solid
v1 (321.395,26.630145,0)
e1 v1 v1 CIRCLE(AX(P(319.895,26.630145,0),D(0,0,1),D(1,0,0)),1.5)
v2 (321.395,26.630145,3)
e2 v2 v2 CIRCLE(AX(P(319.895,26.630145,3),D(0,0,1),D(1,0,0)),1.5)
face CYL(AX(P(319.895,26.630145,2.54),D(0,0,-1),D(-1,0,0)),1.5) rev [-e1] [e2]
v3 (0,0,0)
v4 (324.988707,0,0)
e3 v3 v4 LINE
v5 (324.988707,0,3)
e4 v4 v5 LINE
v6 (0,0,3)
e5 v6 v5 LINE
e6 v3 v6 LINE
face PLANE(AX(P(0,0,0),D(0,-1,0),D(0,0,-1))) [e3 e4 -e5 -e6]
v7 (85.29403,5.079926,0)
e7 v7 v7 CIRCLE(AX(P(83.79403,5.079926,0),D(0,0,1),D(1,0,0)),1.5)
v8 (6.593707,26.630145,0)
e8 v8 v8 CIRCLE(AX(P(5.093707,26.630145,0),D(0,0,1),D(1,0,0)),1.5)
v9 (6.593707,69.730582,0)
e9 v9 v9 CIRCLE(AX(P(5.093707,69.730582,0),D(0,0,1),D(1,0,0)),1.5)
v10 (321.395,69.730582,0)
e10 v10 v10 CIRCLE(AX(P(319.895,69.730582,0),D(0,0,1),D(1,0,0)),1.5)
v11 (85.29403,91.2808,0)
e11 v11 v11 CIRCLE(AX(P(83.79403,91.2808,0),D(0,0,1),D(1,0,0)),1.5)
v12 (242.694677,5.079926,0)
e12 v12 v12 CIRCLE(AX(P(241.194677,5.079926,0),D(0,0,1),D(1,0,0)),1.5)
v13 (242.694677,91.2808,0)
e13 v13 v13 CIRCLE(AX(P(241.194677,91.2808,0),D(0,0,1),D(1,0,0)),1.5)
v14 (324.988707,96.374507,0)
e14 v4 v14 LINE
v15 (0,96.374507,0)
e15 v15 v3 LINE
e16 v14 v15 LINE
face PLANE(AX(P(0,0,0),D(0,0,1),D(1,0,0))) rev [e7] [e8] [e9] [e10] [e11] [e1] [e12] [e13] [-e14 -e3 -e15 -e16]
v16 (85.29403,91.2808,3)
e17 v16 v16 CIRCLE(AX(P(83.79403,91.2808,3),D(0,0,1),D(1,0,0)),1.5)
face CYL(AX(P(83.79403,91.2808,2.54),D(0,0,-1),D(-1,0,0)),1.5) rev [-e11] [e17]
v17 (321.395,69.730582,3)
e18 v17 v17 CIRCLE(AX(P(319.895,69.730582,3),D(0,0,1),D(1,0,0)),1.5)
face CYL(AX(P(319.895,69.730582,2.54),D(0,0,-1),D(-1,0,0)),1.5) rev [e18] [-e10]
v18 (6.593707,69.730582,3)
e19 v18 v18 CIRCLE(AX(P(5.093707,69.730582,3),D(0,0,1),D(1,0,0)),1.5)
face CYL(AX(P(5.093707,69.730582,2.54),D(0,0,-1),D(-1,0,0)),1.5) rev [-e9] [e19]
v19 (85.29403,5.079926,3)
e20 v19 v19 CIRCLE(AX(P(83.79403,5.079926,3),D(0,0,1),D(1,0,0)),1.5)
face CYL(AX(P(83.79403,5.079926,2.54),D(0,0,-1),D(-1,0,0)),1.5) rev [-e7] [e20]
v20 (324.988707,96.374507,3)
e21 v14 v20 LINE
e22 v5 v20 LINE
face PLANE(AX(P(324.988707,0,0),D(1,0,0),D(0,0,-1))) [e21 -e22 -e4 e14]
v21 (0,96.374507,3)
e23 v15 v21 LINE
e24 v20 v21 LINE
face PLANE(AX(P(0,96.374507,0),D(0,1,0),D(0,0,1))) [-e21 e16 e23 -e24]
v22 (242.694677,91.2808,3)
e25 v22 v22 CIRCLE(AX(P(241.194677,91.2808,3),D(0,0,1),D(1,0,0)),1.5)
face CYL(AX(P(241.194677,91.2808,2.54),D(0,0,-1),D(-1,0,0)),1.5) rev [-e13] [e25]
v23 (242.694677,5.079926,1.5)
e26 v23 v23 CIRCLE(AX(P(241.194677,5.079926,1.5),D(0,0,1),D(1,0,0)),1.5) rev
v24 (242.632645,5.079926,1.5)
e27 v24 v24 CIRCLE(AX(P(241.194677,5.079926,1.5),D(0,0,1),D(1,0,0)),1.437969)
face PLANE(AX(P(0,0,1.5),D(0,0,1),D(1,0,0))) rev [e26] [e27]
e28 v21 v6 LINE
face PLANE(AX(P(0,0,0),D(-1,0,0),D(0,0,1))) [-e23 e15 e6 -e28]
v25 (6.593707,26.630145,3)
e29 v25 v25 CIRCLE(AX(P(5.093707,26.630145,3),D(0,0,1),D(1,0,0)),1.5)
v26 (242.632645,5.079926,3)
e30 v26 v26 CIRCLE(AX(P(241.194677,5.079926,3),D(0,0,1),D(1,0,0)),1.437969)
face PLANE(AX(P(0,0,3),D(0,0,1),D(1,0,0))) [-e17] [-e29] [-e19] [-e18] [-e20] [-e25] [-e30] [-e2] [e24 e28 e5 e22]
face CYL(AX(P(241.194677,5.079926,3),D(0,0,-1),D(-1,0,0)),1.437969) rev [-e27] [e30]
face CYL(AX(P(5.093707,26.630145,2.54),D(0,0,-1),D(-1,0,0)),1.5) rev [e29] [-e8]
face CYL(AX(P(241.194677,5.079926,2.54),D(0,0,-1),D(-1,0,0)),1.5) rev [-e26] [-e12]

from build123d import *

# Parameters (mm, degrees)
MODEL_W             = 304.8012934
MODEL_H             = 76.2008736
MODEL_W_2           = 13.9995
MODEL_H_2           = 13.9995
MODEL_W_3           = 13.9994
MODEL_W_4           = 13.9992
MODEL_W_5           = 3.302
MODEL_H_3           = 14.2007
MODEL_W_6           = 13.999
MODEL_W_7           = 3.3
MODEL_W_8           = 3.3004
MODEL_H_4           = 14.2005
MODEL_W_9           = 14.0008
MODEL_W_10          = 3.2992
MODEL_W_11          = 13.9991
MODEL_W_12          = 14.001
MODEL_H_5           = 13.9996
BOSS_EXTRUDE2_DEPTH = 1.5
SKETCH3_W           = 324.9887066
SKETCH3_H           = 96.3745066
SKETCH3_W_2         = 304.8012934
SKETCH3_H_2         = 76.2008736
BOSS_EXTRUDE4_DEPTH = 1.5
SKETCH4_R           = 1.5
CUT_EXTRUDE2_DEPTH  = 2.54
BOSS_EXTRUDE5_DEPTH = 1.5
SKETCH6_W           = 324.9887066
SKETCH6_H           = 96.3745066
SKETCH6_R           = 1.5
SKETCH6_R_2         = 1.437968672
BOSS_EXTRUDE6_DEPTH = 1.5


with BuildPart() as part:
    # Model → Boss-Extrude2 (new body)
    with BuildSketch(Plane.XY):
        with Locations((162.4943533, 48.1803632)):
            Rectangle(MODEL_W, MODEL_H)
        with Locations((19.61845, 19.60605)):
            Rectangle(MODEL_W_2, MODEL_H_2, mode=Mode.SUBTRACT)
        with Locations((38.6684, 19.60605)):
            Rectangle(MODEL_W_3, MODEL_H_2, mode=Mode.SUBTRACT)
        with Locations((57.7185, 19.60605)):
            Rectangle(MODEL_W_4, MODEL_H_2, mode=Mode.SUBTRACT)
        with Locations((76.7685, 19.60605)):
            Rectangle(MODEL_W_4, MODEL_H_2, mode=Mode.SUBTRACT)
        with Locations((131.543, 18.95565)):
            Rectangle(MODEL_W_5, MODEL_H_3, mode=Mode.SUBTRACT)
        with Locations((143.4435, 19.60605)):
            Rectangle(MODEL_W_6, MODEL_H_2, mode=Mode.SUBTRACT)
        with Locations((155.344, 18.95565)):
            Rectangle(MODEL_W_7, MODEL_H_3, mode=Mode.SUBTRACT)
        with Locations((17.2427, 38.00555)):
            Rectangle(MODEL_W_8, MODEL_H_4, mode=Mode.SUBTRACT)
        with Locations((29.1427, 38.65605)):
            Rectangle(MODEL_W_9, MODEL_H_2, mode=Mode.SUBTRACT)
        with Locations((41.0436, 38.00555)):
            Rectangle(MODEL_W_10, MODEL_H_4, mode=Mode.SUBTRACT)
        with Locations((57.7185, 38.65605)):
            Rectangle(MODEL_W_4, MODEL_H_2, mode=Mode.SUBTRACT)
        with Locations((76.7685, 38.65605)):
            Rectangle(MODEL_W_4, MODEL_H_2, mode=Mode.SUBTRACT)
        with Locations((95.81845, 38.65605)):
            Rectangle(MODEL_W_11, MODEL_H_2, mode=Mode.SUBTRACT)
        with Locations((114.8675, 38.65605)):
            Rectangle(MODEL_W_12, MODEL_H_2, mode=Mode.SUBTRACT)
        with Locations((133.9185, 38.65605)):
            Rectangle(MODEL_W_6, MODEL_H_2, mode=Mode.SUBTRACT)
        with Locations((152.9685, 38.65605)):
            Rectangle(MODEL_W_6, MODEL_H_2, mode=Mode.SUBTRACT)
        with Locations((169.643, 18.95565)):
            Rectangle(MODEL_W_5, MODEL_H_3, mode=Mode.SUBTRACT)
        with Locations((181.5435, 19.60605)):
            Rectangle(MODEL_W_6, MODEL_H_2, mode=Mode.SUBTRACT)
        with Locations((193.444, 18.95565)):
            Rectangle(MODEL_W_7, MODEL_H_3, mode=Mode.SUBTRACT)
        with Locations((248.2185, 19.60605)):
            Rectangle(MODEL_W_6, MODEL_H_2, mode=Mode.SUBTRACT)
        with Locations((267.2685, 19.60605)):
            Rectangle(MODEL_W_6, MODEL_H_2, mode=Mode.SUBTRACT)
        with Locations((286.3185, 19.60605)):
            Rectangle(MODEL_W_6, MODEL_H_2, mode=Mode.SUBTRACT)
        with Locations((305.3685, 19.60605)):
            Rectangle(MODEL_W_6, MODEL_H_2, mode=Mode.SUBTRACT)
        with Locations((172.0185, 38.65605)):
            Rectangle(MODEL_W_6, MODEL_H_2, mode=Mode.SUBTRACT)
        with Locations((191.0685, 38.65605)):
            Rectangle(MODEL_W_6, MODEL_H_2, mode=Mode.SUBTRACT)
        with Locations((210.1185, 38.65605)):
            Rectangle(MODEL_W_6, MODEL_H_2, mode=Mode.SUBTRACT)
        with Locations((229.1685, 38.65605)):
            Rectangle(MODEL_W_6, MODEL_H_2, mode=Mode.SUBTRACT)
        with Locations((248.2185, 38.65605)):
            Rectangle(MODEL_W_6, MODEL_H_2, mode=Mode.SUBTRACT)
        with Locations((267.2685, 38.65605)):
            Rectangle(MODEL_W_6, MODEL_H_2, mode=Mode.SUBTRACT)
        with Locations((283.944, 38.00555)):
            Rectangle(MODEL_W_7, MODEL_H_4, mode=Mode.SUBTRACT)
        with Locations((295.8435, 38.65605)):
            Rectangle(MODEL_W_6, MODEL_H_2, mode=Mode.SUBTRACT)
        with Locations((307.744, 38.00555)):
            Rectangle(MODEL_W_7, MODEL_H_4, mode=Mode.SUBTRACT)
        with Locations((19.61845, 57.706)):
            Rectangle(MODEL_W_2, MODEL_H_5, mode=Mode.SUBTRACT)
        with Locations((38.6684, 57.706)):
            Rectangle(MODEL_W_3, MODEL_H_5, mode=Mode.SUBTRACT)
        with Locations((57.7185, 57.706)):
            Rectangle(MODEL_W_4, MODEL_H_5, mode=Mode.SUBTRACT)
        with Locations((76.7685, 57.706)):
            Rectangle(MODEL_W_4, MODEL_H_5, mode=Mode.SUBTRACT)
        with Locations((95.81845, 57.706)):
            Rectangle(MODEL_W_11, MODEL_H_5, mode=Mode.SUBTRACT)
        with Locations((114.8675, 57.706)):
            Rectangle(MODEL_W_12, MODEL_H_5, mode=Mode.SUBTRACT)
        with Locations((133.9185, 57.706)):
            Rectangle(MODEL_W_6, MODEL_H_5, mode=Mode.SUBTRACT)
        with Locations((152.9685, 57.706)):
            Rectangle(MODEL_W_6, MODEL_H_5, mode=Mode.SUBTRACT)
        with Locations((17.2427, 76.10545)):
            Rectangle(MODEL_W_8, MODEL_H_3, mode=Mode.SUBTRACT)
        with Locations((29.1427, 76.756)):
            Rectangle(MODEL_W_9, MODEL_H_5, mode=Mode.SUBTRACT)
        with Locations((41.0436, 76.10545)):
            Rectangle(MODEL_W_10, MODEL_H_3, mode=Mode.SUBTRACT)
        with Locations((57.7185, 76.756)):
            Rectangle(MODEL_W_4, MODEL_H_5, mode=Mode.SUBTRACT)
        with Locations((76.7685, 76.756)):
            Rectangle(MODEL_W_4, MODEL_H_5, mode=Mode.SUBTRACT)
        with Locations((95.81845, 76.756)):
            Rectangle(MODEL_W_11, MODEL_H_5, mode=Mode.SUBTRACT)
        with Locations((114.8675, 76.756)):
            Rectangle(MODEL_W_12, MODEL_H_5, mode=Mode.SUBTRACT)
        with Locations((133.9185, 76.756)):
            Rectangle(MODEL_W_6, MODEL_H_5, mode=Mode.SUBTRACT)
        with Locations((152.9685, 76.756)):
            Rectangle(MODEL_W_6, MODEL_H_5, mode=Mode.SUBTRACT)
        with Locations((172.0185, 57.706)):
            Rectangle(MODEL_W_6, MODEL_H_5, mode=Mode.SUBTRACT)
        with Locations((191.0685, 57.706)):
            Rectangle(MODEL_W_6, MODEL_H_5, mode=Mode.SUBTRACT)
        with Locations((210.1185, 57.706)):
            Rectangle(MODEL_W_6, MODEL_H_5, mode=Mode.SUBTRACT)
        with Locations((229.1685, 57.706)):
            Rectangle(MODEL_W_6, MODEL_H_5, mode=Mode.SUBTRACT)
        with Locations((248.2185, 57.706)):
            Rectangle(MODEL_W_6, MODEL_H_5, mode=Mode.SUBTRACT)
        with Locations((267.2685, 57.706)):
            Rectangle(MODEL_W_6, MODEL_H_5, mode=Mode.SUBTRACT)
        with Locations((286.3185, 57.706)):
            Rectangle(MODEL_W_6, MODEL_H_5, mode=Mode.SUBTRACT)
        with Locations((305.3685, 57.706)):
            Rectangle(MODEL_W_6, MODEL_H_5, mode=Mode.SUBTRACT)
        with Locations((172.0185, 76.756)):
            Rectangle(MODEL_W_6, MODEL_H_5, mode=Mode.SUBTRACT)
        with Locations((191.0685, 76.756)):
            Rectangle(MODEL_W_6, MODEL_H_5, mode=Mode.SUBTRACT)
        with Locations((210.1185, 76.756)):
            Rectangle(MODEL_W_6, MODEL_H_5, mode=Mode.SUBTRACT)
        with Locations((229.1685, 76.756)):
            Rectangle(MODEL_W_6, MODEL_H_5, mode=Mode.SUBTRACT)
        with Locations((248.2185, 76.756)):
            Rectangle(MODEL_W_6, MODEL_H_5, mode=Mode.SUBTRACT)
        with Locations((267.2685, 76.756)):
            Rectangle(MODEL_W_6, MODEL_H_5, mode=Mode.SUBTRACT)
        with Locations((283.944, 76.10545)):
            Rectangle(MODEL_W_7, MODEL_H_3, mode=Mode.SUBTRACT)
        with Locations((295.8435, 76.756)):
            Rectangle(MODEL_W_6, MODEL_H_5, mode=Mode.SUBTRACT)
        with Locations((307.744, 76.10545)):
            Rectangle(MODEL_W_7, MODEL_H_3, mode=Mode.SUBTRACT)
    extrude(amount=BOSS_EXTRUDE2_DEPTH)

    # Sketch3 → Boss-Extrude4 (add)
    with BuildSketch(Plane.XY.offset(1.5)):
        with Locations((162.4943533, 48.1872533)):
            Rectangle(SKETCH3_W, SKETCH3_H)
        with Locations((162.4943533, 48.1803632)):
            Rectangle(SKETCH3_W_2, SKETCH3_H_2, mode=Mode.SUBTRACT)
    extrude(amount=-BOSS_EXTRUDE4_DEPTH)

    # Sketch4 → Cut-Extrude2 (cut)
    with BuildSketch(Plane.XY):
        with Locations((5.0937066, 69.7305816)):
            Circle(SKETCH4_R)
        with Locations((5.0937066, 26.6301448)):
            Circle(SKETCH4_R)
        with Locations((83.79402995, 5.0799264)):
            Circle(SKETCH4_R)
        with Locations((241.19467665, 5.0799264)):
            Circle(SKETCH4_R)
        with Locations((319.895, 26.6301448)):
            Circle(SKETCH4_R)
        with Locations((319.895, 69.7305816)):
            Circle(SKETCH4_R)
        with Locations((241.19467665, 91.2808)):
            Circle(SKETCH4_R)
        with Locations((83.79402995, 91.2808)):
            Circle(SKETCH4_R)
    extrude(amount=CUT_EXTRUDE2_DEPTH, mode=Mode.SUBTRACT)

    # Sketch5 → Boss-Extrude5 (add)
    with BuildSketch(Plane.XY.offset(1.5)):
        Polygon((114.22283219, 12.6063), (12.6187, 12.6063), (12.6187, 64.7058), (12.6187, 85.328205222), (312.368, 85.328205222), (312.368, 64.7058), (312.368, 12.6063), (207.016630052, 12.6063), (207.016630052, 7.29705702), (114.22283219, 7.29705702), align=None)
    extrude(amount=-BOSS_EXTRUDE5_DEPTH)

    # Sketch6 → Boss-Extrude6 (add)
    with BuildSketch(Plane.XY.offset(1.5)):
        with Locations((162.4943533, 48.1872533)):
            Rectangle(SKETCH6_W, SKETCH6_H)
        with Locations((319.895, 69.7305816)):
            Circle(SKETCH6_R, mode=Mode.SUBTRACT)
        with Locations((319.895, 26.6301448)):
            Circle(SKETCH6_R, mode=Mode.SUBTRACT)
        with Locations((241.19467665, 5.0799264)):
            Circle(SKETCH6_R_2, mode=Mode.SUBTRACT)
        with Locations((241.19467665, 91.2808)):
            Circle(SKETCH6_R, mode=Mode.SUBTRACT)
        with Locations((5.0937066, 26.6301448)):
            Circle(SKETCH6_R, mode=Mode.SUBTRACT)
        with Locations((83.79402995, 5.0799264)):
            Circle(SKETCH6_R, mode=Mode.SUBTRACT)
        with Locations((83.79402995, 91.2808)):
            Circle(SKETCH6_R, mode=Mode.SUBTRACT)
        with Locations((5.0937066, 69.7305816)):
            Circle(SKETCH6_R, mode=Mode.SUBTRACT)
    extrude(amount=BOSS_EXTRUDE6_DEPTH)


solid = part.part
